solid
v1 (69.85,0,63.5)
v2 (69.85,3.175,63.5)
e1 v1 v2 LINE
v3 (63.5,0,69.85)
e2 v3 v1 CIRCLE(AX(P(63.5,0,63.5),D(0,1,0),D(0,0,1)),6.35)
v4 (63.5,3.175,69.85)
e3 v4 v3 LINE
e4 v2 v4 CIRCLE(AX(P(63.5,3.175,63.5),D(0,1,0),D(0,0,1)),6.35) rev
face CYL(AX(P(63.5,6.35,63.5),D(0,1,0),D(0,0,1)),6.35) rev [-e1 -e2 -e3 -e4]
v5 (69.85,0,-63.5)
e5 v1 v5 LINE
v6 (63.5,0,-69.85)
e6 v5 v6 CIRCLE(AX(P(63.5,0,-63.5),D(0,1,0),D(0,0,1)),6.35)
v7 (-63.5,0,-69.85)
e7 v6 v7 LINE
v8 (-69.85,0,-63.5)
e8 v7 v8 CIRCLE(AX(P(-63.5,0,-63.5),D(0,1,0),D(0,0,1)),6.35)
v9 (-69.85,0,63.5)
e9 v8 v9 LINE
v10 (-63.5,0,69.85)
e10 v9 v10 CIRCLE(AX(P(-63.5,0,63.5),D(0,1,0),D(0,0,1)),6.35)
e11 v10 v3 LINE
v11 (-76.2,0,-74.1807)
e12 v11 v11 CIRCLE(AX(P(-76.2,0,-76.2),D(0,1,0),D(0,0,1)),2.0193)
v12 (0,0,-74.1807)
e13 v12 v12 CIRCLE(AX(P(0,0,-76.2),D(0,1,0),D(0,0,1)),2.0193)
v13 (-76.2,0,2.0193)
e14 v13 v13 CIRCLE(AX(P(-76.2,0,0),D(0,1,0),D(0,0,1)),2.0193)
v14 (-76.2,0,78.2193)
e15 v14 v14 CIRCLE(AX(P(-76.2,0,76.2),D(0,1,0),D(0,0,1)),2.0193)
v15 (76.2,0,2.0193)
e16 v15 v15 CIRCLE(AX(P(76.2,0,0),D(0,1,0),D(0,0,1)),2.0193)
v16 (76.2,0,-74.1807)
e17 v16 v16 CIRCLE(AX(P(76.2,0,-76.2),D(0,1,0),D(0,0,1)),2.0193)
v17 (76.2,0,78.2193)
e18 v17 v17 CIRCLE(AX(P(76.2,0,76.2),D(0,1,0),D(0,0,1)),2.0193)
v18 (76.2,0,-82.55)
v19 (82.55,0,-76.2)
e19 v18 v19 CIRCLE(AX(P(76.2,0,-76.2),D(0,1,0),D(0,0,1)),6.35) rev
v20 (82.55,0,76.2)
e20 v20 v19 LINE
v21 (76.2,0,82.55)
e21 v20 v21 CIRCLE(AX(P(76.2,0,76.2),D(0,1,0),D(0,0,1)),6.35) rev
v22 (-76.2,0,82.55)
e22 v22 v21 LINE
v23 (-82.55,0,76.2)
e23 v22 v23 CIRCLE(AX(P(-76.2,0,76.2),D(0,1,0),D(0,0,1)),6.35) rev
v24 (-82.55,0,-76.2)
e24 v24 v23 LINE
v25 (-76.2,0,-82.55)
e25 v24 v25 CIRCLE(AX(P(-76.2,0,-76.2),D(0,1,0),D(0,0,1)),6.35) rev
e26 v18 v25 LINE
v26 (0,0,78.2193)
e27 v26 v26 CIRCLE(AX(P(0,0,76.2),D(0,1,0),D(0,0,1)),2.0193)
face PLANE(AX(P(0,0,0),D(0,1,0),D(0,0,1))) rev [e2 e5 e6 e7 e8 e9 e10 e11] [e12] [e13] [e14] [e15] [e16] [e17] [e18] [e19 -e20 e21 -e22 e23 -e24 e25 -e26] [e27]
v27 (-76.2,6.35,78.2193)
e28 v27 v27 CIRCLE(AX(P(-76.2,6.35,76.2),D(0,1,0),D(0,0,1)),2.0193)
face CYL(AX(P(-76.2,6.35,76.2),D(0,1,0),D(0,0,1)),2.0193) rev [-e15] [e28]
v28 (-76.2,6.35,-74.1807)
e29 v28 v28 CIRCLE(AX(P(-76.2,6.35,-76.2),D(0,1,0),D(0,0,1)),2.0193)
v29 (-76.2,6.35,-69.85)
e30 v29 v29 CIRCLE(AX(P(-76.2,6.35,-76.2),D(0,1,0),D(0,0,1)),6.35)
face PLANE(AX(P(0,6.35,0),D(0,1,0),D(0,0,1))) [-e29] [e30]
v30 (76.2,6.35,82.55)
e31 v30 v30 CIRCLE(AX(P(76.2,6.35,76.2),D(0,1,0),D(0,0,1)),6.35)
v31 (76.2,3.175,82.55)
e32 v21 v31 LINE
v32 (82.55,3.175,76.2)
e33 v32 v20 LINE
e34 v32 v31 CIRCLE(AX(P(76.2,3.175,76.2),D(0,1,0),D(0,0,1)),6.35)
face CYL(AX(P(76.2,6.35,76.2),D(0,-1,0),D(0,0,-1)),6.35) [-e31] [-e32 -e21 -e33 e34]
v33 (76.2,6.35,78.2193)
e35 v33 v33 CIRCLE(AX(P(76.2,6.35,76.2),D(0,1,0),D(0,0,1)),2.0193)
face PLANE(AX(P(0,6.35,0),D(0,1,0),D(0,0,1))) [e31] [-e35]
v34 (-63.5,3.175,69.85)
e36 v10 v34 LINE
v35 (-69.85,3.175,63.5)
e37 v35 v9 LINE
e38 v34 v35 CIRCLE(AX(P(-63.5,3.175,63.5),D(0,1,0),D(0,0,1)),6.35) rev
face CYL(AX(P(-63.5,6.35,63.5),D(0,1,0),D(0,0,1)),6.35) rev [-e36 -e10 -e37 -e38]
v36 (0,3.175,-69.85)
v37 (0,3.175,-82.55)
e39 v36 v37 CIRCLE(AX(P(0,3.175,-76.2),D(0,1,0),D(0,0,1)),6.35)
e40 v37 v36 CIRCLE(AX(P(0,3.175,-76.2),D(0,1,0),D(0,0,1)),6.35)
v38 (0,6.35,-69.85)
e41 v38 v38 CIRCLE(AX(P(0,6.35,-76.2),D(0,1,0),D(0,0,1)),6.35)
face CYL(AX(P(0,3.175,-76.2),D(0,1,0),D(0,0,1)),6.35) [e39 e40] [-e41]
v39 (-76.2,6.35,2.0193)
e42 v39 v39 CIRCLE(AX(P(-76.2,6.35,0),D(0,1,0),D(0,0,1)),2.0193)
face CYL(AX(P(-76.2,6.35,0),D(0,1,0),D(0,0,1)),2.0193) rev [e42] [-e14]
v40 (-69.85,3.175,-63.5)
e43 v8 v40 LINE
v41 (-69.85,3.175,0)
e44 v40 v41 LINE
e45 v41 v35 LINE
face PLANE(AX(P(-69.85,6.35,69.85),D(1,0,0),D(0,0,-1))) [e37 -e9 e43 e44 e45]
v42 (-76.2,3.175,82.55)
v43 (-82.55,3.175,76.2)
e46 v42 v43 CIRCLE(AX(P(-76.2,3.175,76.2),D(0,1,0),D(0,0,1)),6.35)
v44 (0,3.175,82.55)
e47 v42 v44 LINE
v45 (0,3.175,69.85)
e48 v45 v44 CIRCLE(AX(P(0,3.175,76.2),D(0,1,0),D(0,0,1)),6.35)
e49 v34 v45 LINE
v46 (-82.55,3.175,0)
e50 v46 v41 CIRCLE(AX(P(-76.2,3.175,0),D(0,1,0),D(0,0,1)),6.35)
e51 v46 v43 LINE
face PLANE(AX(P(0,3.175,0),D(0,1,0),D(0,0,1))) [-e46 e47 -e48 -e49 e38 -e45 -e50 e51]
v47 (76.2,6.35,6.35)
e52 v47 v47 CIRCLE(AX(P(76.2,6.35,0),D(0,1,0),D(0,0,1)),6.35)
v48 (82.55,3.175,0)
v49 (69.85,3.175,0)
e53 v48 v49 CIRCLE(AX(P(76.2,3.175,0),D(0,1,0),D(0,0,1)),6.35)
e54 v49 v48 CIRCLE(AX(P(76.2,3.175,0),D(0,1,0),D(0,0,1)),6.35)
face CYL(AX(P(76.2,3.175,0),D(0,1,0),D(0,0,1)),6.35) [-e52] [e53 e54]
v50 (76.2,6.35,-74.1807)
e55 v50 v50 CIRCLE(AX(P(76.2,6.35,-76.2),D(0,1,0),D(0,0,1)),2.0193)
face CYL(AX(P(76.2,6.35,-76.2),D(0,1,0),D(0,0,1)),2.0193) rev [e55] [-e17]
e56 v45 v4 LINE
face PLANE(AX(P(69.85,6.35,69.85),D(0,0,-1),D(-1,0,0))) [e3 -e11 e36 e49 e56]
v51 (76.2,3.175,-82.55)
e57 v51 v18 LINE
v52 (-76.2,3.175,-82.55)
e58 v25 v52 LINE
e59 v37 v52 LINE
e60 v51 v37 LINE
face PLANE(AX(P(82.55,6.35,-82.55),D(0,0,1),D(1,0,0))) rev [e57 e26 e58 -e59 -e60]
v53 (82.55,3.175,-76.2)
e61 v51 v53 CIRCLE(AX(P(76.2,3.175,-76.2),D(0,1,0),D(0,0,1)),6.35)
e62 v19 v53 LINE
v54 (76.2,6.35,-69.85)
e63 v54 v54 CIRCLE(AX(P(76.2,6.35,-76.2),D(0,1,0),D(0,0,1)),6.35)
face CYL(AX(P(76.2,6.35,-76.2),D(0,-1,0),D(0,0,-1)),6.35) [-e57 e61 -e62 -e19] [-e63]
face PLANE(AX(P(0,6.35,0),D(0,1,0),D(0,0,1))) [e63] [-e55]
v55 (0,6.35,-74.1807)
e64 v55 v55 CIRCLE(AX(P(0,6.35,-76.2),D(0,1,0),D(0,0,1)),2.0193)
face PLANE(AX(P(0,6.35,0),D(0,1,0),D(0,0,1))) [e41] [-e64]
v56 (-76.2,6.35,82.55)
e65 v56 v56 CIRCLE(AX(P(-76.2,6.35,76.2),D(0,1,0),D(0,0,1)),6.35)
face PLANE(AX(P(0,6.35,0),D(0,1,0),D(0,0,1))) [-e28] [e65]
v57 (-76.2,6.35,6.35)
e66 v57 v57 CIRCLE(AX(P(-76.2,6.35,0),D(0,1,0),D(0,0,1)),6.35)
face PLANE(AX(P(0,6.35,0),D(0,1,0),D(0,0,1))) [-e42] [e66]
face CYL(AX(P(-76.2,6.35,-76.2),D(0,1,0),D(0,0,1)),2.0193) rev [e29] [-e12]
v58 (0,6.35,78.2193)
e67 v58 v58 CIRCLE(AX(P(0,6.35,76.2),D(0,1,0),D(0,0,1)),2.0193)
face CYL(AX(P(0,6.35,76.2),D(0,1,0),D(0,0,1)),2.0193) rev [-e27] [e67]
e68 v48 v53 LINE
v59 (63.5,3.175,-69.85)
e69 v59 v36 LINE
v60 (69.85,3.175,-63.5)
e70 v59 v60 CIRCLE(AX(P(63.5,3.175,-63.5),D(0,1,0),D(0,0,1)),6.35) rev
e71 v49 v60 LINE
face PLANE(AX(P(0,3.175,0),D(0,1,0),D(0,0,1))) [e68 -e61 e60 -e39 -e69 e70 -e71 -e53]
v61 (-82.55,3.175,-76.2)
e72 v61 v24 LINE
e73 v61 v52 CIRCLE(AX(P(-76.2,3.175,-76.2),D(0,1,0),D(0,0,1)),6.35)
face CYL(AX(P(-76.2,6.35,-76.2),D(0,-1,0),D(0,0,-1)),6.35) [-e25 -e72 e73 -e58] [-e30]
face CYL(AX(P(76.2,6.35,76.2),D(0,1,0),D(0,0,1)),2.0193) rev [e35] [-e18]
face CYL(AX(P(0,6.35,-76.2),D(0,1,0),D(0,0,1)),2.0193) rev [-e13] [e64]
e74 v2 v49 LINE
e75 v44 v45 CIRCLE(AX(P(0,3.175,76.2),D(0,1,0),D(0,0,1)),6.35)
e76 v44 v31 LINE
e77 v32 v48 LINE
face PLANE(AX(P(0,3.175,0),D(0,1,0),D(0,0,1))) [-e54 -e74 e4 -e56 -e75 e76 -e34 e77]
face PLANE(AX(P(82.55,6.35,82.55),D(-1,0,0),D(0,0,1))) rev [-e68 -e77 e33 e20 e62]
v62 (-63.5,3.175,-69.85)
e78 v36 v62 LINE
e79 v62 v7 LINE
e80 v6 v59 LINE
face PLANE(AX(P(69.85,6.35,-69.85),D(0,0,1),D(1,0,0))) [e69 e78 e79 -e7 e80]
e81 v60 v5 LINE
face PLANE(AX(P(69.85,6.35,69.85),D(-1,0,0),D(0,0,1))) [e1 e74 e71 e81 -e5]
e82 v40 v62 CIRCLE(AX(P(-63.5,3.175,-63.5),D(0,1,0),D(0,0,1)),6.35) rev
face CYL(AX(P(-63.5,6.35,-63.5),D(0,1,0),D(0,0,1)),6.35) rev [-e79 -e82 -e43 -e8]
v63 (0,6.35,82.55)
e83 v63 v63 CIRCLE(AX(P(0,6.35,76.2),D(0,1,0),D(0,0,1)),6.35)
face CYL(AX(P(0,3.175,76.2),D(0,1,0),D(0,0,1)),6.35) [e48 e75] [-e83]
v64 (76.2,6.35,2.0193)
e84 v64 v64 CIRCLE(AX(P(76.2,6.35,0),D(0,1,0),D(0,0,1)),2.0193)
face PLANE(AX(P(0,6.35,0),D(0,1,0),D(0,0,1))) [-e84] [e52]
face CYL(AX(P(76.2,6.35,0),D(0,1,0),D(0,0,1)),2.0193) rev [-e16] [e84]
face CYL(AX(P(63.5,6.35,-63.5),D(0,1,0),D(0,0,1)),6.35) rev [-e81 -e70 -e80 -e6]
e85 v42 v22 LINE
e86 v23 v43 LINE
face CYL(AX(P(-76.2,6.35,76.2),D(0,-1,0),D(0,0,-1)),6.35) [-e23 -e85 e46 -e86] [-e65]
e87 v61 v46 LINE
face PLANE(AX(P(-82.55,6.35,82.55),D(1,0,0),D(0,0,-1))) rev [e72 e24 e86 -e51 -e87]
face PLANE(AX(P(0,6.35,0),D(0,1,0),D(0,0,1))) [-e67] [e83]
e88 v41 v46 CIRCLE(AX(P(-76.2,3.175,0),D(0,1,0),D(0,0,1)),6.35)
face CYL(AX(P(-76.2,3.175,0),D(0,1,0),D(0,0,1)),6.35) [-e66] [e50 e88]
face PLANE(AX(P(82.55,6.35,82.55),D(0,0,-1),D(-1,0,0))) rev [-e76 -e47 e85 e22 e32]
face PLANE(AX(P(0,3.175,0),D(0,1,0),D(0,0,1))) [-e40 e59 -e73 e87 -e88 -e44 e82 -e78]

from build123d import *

# Parameters (mm, degrees)
SKETCH1_W              = 165.1
SKETCH1_H              = 165.1
SKETCH1_W_2            = 139.7
SKETCH1_H_2            = 139.7
BOSS_EXTRUDE1_DEPTH    = 6.35
FILLET1_R              = 6.35
F_10_32_TAPPED_HOLE1_D = 4.0386
SKETCH4_OUTSIDE_W      = 213.814
SKETCH4_OUTSIDE_H      = 213.814
SKETCH4_OUTSIDE_R      = 6.35
CUT_EXTRUDE1_DEPTH     = 3.175


with BuildPart() as part:
    # Sketch1 → Boss-Extrude1 (new body)
    with BuildSketch(Plane(origin=(0, 0, 0), x_dir=(1, 0, 0), z_dir=(0, 1, 0))):
        Rectangle(SKETCH1_W, SKETCH1_H)
        Rectangle(SKETCH1_W_2, SKETCH1_H_2, mode=Mode.SUBTRACT)
    extrude(amount=BOSS_EXTRUDE1_DEPTH)

    # Fillet1
    fillet1_edges = [part.edges().sort_by_distance(p)[0] for p in [
        (-69.85, 3.175, -69.85),
        (-69.85, 3.175, 69.85),
        (69.85, 3.175, 69.85),
        (69.85, 3.175, -69.85),
        (-82.55, 3.175, -82.55),
        (82.55, 3.175, -82.55),
        (82.55, 3.175, 82.55),
        (-82.55, 3.175, 82.55),
    ]]
    fillet(fillet1_edges, radius=FILLET1_R)

    # #10-32 Tapped Hole1 (through all)
    with Locations(Plane(origin=(0, 6.35, 0), x_dir=(1, 0, 0), z_dir=(0, 1, 0))):
        with Locations((-76.2, -76.2), (-76.2, 76.2), (76.2, 76.2), (76.2, -76.2), (-76.2, 0), (0, 76.2), (76.2, 0), (0, -76.2)):
            Hole(F_10_32_TAPPED_HOLE1_D / 2)

    # Sketch4 outside → Cut-Extrude1 (cut)
    with BuildSketch(Plane(origin=(0, 6.35, 0), x_dir=(1, 0, 0), z_dir=(0, 1, 0))):
        Rectangle(SKETCH4_OUTSIDE_W, SKETCH4_OUTSIDE_H)
        with Locations(Location((-76.2, 76.2, 0), (0, 0, 90))):
            Circle(SKETCH4_OUTSIDE_R, mode=Mode.SUBTRACT)
        with Locations(Location((-76.2, 0, 0), (0, 0, 270))):
            Circle(SKETCH4_OUTSIDE_R, mode=Mode.SUBTRACT)
        with Locations(Location((-76.2, -76.2, 0), (0, 0, 270))):
            Circle(SKETCH4_OUTSIDE_R, mode=Mode.SUBTRACT)
        with Locations(Location((0, -76.2, 0), (0, 0, 270))):
            Circle(SKETCH4_OUTSIDE_R, mode=Mode.SUBTRACT)
        with Locations(Location((76.2, -76.2, 0), (0, 0, 270))):
            Circle(SKETCH4_OUTSIDE_R, mode=Mode.SUBTRACT)
        with Locations(Location((76.2, 0, 0), (0, 0, 270))):
            Circle(SKETCH4_OUTSIDE_R, mode=Mode.SUBTRACT)
        with Locations(Location((76.2, 76.2, 0), (0, 0, 90))):
            Circle(SKETCH4_OUTSIDE_R, mode=Mode.SUBTRACT)
        with Locations(Location((0, 76.2, 0), (0, 0, 270))):
            Circle(SKETCH4_OUTSIDE_R, mode=Mode.SUBTRACT)
    extrude(amount=-CUT_EXTRUDE1_DEPTH, mode=Mode.SUBTRACT)


solid = part.part
